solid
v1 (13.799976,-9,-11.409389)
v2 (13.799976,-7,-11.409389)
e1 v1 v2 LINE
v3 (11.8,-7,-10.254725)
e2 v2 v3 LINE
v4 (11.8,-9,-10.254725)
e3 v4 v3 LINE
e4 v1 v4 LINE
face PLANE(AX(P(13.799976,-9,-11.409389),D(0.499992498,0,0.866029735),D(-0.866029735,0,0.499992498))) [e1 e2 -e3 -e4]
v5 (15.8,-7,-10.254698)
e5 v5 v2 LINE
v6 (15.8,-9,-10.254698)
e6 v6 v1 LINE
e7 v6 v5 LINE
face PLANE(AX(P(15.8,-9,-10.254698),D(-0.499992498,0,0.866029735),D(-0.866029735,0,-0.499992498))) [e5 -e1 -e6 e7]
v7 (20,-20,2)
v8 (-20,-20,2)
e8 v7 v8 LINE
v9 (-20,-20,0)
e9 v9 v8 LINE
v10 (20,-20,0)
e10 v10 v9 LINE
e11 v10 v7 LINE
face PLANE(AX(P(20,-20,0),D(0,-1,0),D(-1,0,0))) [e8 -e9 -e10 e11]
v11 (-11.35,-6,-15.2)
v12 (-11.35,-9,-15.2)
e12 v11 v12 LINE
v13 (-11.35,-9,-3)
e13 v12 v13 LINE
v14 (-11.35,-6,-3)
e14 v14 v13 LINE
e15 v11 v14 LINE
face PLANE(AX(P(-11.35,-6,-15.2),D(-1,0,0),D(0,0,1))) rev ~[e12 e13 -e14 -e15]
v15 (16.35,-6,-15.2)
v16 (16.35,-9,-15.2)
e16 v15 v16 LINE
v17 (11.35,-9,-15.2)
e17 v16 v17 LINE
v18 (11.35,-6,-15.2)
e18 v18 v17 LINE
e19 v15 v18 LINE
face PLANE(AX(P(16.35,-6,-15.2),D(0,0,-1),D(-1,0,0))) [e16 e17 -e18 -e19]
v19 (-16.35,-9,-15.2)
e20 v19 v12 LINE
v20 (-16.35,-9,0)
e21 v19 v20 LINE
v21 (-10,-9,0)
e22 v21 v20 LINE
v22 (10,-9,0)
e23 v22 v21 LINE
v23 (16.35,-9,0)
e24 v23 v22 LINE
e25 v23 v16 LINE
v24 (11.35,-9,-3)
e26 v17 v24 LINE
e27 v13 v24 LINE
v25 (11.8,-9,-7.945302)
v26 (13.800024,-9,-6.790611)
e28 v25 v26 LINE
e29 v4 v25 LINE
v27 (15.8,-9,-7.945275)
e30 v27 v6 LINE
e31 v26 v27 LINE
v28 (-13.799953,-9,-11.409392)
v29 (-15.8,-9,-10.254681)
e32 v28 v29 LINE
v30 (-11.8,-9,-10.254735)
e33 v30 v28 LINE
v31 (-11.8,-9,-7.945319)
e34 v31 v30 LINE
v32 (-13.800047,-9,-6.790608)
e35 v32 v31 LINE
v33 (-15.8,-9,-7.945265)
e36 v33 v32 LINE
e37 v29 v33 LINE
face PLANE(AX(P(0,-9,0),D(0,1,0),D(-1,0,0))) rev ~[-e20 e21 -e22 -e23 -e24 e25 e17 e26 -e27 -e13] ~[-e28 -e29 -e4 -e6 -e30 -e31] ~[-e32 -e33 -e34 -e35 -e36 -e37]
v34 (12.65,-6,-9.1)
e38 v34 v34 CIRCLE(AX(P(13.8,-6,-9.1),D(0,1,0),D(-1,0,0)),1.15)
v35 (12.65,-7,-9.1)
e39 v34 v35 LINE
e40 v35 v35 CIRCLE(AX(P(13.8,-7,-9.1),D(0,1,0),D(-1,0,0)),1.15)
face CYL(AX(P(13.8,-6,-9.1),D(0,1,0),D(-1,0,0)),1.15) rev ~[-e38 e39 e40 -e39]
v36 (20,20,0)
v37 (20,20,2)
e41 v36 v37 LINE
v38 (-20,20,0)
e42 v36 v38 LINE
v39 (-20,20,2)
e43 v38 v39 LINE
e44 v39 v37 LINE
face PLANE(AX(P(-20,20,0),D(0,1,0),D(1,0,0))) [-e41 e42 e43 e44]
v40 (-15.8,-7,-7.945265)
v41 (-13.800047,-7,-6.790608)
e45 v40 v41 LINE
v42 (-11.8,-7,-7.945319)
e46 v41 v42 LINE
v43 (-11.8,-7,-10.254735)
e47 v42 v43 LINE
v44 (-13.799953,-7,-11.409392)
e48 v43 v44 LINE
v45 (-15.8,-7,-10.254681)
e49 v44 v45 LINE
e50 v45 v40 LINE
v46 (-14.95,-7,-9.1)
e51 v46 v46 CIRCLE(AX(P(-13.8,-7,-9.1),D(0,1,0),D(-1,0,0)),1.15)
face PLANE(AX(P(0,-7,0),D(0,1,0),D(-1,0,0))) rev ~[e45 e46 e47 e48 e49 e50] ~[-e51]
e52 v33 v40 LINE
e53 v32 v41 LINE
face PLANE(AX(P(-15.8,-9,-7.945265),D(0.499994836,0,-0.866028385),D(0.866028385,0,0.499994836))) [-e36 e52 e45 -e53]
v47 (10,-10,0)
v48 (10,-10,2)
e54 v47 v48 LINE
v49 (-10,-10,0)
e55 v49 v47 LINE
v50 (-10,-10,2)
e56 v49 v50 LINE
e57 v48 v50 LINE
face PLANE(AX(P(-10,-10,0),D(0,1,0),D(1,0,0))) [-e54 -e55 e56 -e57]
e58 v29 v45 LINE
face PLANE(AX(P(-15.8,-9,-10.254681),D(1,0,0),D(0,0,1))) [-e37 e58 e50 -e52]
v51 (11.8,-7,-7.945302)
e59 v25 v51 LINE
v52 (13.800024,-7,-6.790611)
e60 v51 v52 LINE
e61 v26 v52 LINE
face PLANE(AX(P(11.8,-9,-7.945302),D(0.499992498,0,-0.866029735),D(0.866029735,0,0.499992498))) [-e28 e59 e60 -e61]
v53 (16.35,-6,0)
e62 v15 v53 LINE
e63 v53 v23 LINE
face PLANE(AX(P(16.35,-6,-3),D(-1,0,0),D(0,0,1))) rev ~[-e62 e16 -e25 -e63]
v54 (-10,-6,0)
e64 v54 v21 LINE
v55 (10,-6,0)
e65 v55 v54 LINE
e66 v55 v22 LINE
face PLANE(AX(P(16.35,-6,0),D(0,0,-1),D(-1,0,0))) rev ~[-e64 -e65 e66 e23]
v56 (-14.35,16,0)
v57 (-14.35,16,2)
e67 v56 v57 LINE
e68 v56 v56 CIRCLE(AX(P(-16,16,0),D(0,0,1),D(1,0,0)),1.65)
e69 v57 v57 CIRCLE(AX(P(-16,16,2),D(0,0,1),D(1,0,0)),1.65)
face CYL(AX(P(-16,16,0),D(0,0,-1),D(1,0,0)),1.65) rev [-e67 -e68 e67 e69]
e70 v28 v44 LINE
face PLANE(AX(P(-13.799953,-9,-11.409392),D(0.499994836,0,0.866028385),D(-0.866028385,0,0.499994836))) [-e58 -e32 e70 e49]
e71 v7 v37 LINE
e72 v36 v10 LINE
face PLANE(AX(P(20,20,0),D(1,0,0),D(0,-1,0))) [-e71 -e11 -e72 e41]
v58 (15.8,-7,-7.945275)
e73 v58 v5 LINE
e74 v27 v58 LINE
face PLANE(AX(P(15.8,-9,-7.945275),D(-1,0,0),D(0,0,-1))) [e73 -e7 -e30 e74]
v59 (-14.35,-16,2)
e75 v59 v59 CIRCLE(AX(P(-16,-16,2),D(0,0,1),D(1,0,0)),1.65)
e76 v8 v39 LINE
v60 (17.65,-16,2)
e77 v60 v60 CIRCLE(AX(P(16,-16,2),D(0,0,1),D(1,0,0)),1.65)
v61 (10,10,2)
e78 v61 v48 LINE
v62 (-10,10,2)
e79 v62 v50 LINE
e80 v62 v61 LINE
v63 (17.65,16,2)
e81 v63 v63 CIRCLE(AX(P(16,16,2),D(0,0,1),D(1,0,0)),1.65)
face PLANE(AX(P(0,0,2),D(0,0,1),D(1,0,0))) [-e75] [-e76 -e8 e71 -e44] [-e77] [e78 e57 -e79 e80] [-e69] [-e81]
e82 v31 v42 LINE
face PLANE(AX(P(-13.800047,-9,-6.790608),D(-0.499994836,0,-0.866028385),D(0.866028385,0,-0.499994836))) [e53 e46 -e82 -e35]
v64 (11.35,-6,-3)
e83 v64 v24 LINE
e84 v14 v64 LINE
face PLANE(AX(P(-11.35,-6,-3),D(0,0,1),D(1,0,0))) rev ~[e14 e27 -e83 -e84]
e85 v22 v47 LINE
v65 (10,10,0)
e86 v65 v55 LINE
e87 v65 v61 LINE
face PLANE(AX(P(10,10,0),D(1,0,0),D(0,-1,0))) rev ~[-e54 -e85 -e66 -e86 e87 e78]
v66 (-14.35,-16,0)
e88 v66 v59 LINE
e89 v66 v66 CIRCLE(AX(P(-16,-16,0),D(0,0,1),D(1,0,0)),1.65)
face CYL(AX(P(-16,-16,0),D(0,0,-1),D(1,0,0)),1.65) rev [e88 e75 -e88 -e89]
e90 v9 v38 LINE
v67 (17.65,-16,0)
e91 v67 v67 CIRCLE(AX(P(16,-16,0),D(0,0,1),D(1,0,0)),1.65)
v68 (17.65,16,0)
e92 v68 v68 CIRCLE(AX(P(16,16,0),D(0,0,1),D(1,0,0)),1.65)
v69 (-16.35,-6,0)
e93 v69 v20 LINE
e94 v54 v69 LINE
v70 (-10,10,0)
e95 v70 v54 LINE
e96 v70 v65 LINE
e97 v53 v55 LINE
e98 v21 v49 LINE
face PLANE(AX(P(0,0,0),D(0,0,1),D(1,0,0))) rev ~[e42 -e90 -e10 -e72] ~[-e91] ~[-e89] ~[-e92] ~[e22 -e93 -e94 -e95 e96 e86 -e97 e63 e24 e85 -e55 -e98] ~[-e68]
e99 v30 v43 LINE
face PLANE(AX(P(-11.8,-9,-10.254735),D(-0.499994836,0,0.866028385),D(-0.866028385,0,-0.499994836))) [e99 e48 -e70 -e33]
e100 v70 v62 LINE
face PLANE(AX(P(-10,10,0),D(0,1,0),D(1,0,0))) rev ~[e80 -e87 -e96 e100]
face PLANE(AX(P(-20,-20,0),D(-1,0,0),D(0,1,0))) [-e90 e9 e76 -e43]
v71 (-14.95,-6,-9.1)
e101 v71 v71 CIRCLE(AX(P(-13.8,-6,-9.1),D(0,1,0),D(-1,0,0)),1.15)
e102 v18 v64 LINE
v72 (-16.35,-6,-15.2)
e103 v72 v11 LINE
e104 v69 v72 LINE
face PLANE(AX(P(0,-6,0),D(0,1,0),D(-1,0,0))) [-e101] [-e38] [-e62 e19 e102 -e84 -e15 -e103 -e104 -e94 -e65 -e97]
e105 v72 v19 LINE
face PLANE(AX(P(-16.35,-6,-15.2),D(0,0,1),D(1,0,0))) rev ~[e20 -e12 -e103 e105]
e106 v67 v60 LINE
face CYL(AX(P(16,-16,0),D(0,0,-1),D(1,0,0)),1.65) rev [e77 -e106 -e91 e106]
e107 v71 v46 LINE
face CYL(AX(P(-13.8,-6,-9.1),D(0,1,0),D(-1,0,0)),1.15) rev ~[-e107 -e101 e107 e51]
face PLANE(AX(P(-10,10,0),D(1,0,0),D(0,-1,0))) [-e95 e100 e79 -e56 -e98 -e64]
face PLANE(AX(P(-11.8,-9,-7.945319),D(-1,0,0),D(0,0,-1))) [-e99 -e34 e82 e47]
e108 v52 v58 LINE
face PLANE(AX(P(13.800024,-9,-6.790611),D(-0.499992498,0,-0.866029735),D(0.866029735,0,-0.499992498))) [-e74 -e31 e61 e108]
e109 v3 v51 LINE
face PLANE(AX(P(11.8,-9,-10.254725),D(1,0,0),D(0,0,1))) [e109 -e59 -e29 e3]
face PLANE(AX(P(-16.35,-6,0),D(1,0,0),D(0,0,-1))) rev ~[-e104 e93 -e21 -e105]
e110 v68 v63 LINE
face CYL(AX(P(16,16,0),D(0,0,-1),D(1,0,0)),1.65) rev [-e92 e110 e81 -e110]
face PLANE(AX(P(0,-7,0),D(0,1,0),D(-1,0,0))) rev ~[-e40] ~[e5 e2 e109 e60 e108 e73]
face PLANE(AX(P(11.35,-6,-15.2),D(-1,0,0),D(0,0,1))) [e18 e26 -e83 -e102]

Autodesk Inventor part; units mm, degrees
ref_plane "YZ Plane" through (0, 0, 0) normal (1, 0, 0) x (0, 1, 0)
ref_plane "XY Plane" through (0, 0, 0) normal (0, 0, 1) x (1, 0, 0)
sketch "草圖22" plane through (0, 0, 0) normal (0, 0, 1) x (1, 0, 0)
  line L0 (-20, 20) -> (20, 20)
  line L1 (20, 20) -> (20, -20)
  line L2 (20, -20) -> (-20, -20)
  line L3 (-20, -20) -> (-20, 20)
  line L4 (0, -12.2) -> (0, 0) projected
  line L5 (-20, 20) -> (20, -20) construction
  line L6 (20, 20) -> (-20, -20) construction
  line L7 (-16, 16) -> (16, 16) construction
  line L8 (16, 16) -> (16, -16) construction
  line L9 (16, -16) -> (-16, -16) construction
  line L10 (-16, -16) -> (-16, 16) construction
  line L11 (-16, 16) -> (16, -16) construction
  line L12 (16, 16) -> (-16, -16) construction
  circle A0 centre (-16, 16) radius 1.65
  line L13 (20, 20) -> (-10, 20)
  line L14 (-10, 20) -> (-10, -10)
  line L15 (-10, -10) -> (20, -10)
  line L16 (20, -10) -> (20, 20)
  circle A1 centre (-16, -16) radius 1.65
  circle A2 centre (16, 16) radius 1.65
  circle A3 centre (16, -16) radius 1.65
  line L17 (-10, 10) -> (10, 10)
  line L18 (10, 10) -> (10, -10)
  line L19 (10, -10) -> (-10, -10)
  line L20 (-10, -10) -> (-10, 10)
  line L21 (-20, -20) -> (20, -20)
  line L22 (20, -20) -> (20, -33.437)
  line L23 (20, -33.437) -> (-20, -33.437)
  line L24 (-20, -33.437) -> (-20, -20)
  point P0 (20, -10)
  point P1 (10, -10)
  point P2 (-10, 10)
  dimension "d118" = 40
  dimension "d119" = 16
  dimension "d120" = 3.3
  dimension "d121" = 10
  dimension "d124" = 32
  dimension "d127" = 32
extrude "擠出19" add sketch "草圖22" along normal blind 2 contours L0 L14 L15 L1 L2 L3 | L0 L1 L15 L18 L17 L14
ref_plane "工作平面5" through (0, -6, 0) normal (0, 1, 0) x (-1, 0, 0)
sketch "草圖31" plane through (0, 0, 0) normal (0, 1, 0) x (-1, 0, 0)
  line L0 (-16.35, 0) -> (16.35, 0)
  line L1 (16.35, 0) -> (16.35, -3)
  line L2 (16.35, -3) -> (-16.35, -3)
  line L3 (-16.35, -3) -> (-16.35, 0)
  line L4 (-16.35, 0) -> (16.35, -3) construction
  line L5 (16.35, 0) -> (-16.35, -3) construction
  line L6 (11.35, -3) -> (16.35, -3)
  line L7 (16.35, -3) -> (16.35, -15.2)
  line L8 (16.35, -15.2) -> (11.35, -15.2)
  line L9 (11.35, -15.2) -> (11.35, -3)
  line L10 (11.35, -3) -> (16.35, -15.2) construction
  line L11 (16.35, -3) -> (11.35, -15.2) construction
  line L12 (-11.35, -3) -> (-16.35, -3)
  line L13 (-16.35, -3) -> (-16.35, -15.2)
  line L14 (-16.35, -15.2) -> (-11.35, -15.2)
  line L15 (-11.35, -15.2) -> (-11.35, -3)
  line L16 (-11.35, -3) -> (-16.35, -15.2) construction
  line L17 (-16.35, -3) -> (-11.35, -15.2) construction
  line L18 (0, 0) -> (0, 15.4222) construction
  line L19 (-20, 0) -> (20, 0) construction
  circle A0 centre (13.8, -9.1) radius 1.15
  circle A1 centre (-13.8, -9.1) radius 1.15
  point P0 (0, -1.5)
  point P1 (13.85, -9.1)
  point P2 (-13.85, -9.1)
  dimension "d197" = 12.2
  dimension "d198" = 22.7
  dimension "d199" = 5
  dimension "d200" = 3
  dimension "d201" = 2.3
  dimension "d202" = 13.8
extrude "擠出28" add sketch "草圖31" against normal blind 3 from surface at -6
ref_plane "工作平面11" through (0, -9, 0) normal (0, 1, 0) x (-1, 0, 0)
sketch "草圖35" plane through (0, -9, 0) normal (0, 1, 0) x (-1, 0, 0)
  line L0 (-10, 0) -> (10, 0) projected
  line L1 (10, 0) -> (16.35, 0) projected
  line L2 (16.35, 0) -> (16.35, -15.2) projected
  line L3 (16.35, -15.2) -> (11.35, -15.2) projected
  line L4 (11.35, -15.2) -> (11.35, -3) projected
  line L5 (11.35, -3) -> (-11.35, -3) projected
  line L6 (-11.35, -3) -> (-11.35, -15.2) projected
  line L7 (-11.35, -15.2) -> (-16.35, -15.2) projected
  line L8 (-16.35, -15.2) -> (-16.35, 0) projected
  line L9 (-16.35, 0) -> (-10, 0) projected
  circle A0 centre (-13.8, -9.1) radius 1.15 projected
  circle A1 centre (13.8, -9.1) radius 1.15 projected
  line L10 (15.8, -10.7636) -> (15.8, -7.0453)
  line L11 (-11.8, -11.0386) -> (-11.8, -6.8072)
  line L12 (16.2407, -8.1997) -> (13.0206, -6.3406)
  line L13 (14.2407, -6.5362) -> (11.0206, -8.3953)
  line L14 (11.8, -7.4364) -> (11.8, -11.1547)
  line L15 (11.3593, -10.0003) -> (14.5794, -11.8594)
  line L16 (13.3593, -11.6638) -> (16.5794, -9.8047)
  line L17 (-11.1212, -8.3372) -> (-14.7856, -6.2216)
  line L18 (-13.1212, -6.3987) -> (-16.7856, -8.5143)
  line L19 (-15.8, -7.1614) -> (-15.8, -11.3928)
  line L20 (-16.4788, -9.8628) -> (-12.8144, -11.9784)
  line L21 (-14.4788, -11.8013) -> (-10.8144, -9.6857)
  point P0 (0, 0)
  point P1 (13.8, -11.4094)
  point P2 (15.8, -10.2547)
  point P3 (15.8, -7.9453)
  point P4 (13.8, -6.7906)
  point P5 (11.8, -7.9453)
  point P6 (11.8, -10.2547)
  point P7 (-13.8, -11.4094)
  point P8 (-11.8, -10.2547)
  point P9 (-11.8, -7.9453)
  point P10 (-13.8, -6.7906)
  point P11 (-15.8, -7.9453)
  point P12 (-15.8, -10.2547)
  dimension "d254" = 360
  dimension "d258" = 360
  dimension "d262" = 2
  dimension "d263" = 2
extrude "擠出32" cut sketch "草圖35" along normal blind 2 contours L18 L17 L11 L21 L20 L19 | L16 L15 L14 L13 L12 L10
properties part number "SG90_holder_1205"
